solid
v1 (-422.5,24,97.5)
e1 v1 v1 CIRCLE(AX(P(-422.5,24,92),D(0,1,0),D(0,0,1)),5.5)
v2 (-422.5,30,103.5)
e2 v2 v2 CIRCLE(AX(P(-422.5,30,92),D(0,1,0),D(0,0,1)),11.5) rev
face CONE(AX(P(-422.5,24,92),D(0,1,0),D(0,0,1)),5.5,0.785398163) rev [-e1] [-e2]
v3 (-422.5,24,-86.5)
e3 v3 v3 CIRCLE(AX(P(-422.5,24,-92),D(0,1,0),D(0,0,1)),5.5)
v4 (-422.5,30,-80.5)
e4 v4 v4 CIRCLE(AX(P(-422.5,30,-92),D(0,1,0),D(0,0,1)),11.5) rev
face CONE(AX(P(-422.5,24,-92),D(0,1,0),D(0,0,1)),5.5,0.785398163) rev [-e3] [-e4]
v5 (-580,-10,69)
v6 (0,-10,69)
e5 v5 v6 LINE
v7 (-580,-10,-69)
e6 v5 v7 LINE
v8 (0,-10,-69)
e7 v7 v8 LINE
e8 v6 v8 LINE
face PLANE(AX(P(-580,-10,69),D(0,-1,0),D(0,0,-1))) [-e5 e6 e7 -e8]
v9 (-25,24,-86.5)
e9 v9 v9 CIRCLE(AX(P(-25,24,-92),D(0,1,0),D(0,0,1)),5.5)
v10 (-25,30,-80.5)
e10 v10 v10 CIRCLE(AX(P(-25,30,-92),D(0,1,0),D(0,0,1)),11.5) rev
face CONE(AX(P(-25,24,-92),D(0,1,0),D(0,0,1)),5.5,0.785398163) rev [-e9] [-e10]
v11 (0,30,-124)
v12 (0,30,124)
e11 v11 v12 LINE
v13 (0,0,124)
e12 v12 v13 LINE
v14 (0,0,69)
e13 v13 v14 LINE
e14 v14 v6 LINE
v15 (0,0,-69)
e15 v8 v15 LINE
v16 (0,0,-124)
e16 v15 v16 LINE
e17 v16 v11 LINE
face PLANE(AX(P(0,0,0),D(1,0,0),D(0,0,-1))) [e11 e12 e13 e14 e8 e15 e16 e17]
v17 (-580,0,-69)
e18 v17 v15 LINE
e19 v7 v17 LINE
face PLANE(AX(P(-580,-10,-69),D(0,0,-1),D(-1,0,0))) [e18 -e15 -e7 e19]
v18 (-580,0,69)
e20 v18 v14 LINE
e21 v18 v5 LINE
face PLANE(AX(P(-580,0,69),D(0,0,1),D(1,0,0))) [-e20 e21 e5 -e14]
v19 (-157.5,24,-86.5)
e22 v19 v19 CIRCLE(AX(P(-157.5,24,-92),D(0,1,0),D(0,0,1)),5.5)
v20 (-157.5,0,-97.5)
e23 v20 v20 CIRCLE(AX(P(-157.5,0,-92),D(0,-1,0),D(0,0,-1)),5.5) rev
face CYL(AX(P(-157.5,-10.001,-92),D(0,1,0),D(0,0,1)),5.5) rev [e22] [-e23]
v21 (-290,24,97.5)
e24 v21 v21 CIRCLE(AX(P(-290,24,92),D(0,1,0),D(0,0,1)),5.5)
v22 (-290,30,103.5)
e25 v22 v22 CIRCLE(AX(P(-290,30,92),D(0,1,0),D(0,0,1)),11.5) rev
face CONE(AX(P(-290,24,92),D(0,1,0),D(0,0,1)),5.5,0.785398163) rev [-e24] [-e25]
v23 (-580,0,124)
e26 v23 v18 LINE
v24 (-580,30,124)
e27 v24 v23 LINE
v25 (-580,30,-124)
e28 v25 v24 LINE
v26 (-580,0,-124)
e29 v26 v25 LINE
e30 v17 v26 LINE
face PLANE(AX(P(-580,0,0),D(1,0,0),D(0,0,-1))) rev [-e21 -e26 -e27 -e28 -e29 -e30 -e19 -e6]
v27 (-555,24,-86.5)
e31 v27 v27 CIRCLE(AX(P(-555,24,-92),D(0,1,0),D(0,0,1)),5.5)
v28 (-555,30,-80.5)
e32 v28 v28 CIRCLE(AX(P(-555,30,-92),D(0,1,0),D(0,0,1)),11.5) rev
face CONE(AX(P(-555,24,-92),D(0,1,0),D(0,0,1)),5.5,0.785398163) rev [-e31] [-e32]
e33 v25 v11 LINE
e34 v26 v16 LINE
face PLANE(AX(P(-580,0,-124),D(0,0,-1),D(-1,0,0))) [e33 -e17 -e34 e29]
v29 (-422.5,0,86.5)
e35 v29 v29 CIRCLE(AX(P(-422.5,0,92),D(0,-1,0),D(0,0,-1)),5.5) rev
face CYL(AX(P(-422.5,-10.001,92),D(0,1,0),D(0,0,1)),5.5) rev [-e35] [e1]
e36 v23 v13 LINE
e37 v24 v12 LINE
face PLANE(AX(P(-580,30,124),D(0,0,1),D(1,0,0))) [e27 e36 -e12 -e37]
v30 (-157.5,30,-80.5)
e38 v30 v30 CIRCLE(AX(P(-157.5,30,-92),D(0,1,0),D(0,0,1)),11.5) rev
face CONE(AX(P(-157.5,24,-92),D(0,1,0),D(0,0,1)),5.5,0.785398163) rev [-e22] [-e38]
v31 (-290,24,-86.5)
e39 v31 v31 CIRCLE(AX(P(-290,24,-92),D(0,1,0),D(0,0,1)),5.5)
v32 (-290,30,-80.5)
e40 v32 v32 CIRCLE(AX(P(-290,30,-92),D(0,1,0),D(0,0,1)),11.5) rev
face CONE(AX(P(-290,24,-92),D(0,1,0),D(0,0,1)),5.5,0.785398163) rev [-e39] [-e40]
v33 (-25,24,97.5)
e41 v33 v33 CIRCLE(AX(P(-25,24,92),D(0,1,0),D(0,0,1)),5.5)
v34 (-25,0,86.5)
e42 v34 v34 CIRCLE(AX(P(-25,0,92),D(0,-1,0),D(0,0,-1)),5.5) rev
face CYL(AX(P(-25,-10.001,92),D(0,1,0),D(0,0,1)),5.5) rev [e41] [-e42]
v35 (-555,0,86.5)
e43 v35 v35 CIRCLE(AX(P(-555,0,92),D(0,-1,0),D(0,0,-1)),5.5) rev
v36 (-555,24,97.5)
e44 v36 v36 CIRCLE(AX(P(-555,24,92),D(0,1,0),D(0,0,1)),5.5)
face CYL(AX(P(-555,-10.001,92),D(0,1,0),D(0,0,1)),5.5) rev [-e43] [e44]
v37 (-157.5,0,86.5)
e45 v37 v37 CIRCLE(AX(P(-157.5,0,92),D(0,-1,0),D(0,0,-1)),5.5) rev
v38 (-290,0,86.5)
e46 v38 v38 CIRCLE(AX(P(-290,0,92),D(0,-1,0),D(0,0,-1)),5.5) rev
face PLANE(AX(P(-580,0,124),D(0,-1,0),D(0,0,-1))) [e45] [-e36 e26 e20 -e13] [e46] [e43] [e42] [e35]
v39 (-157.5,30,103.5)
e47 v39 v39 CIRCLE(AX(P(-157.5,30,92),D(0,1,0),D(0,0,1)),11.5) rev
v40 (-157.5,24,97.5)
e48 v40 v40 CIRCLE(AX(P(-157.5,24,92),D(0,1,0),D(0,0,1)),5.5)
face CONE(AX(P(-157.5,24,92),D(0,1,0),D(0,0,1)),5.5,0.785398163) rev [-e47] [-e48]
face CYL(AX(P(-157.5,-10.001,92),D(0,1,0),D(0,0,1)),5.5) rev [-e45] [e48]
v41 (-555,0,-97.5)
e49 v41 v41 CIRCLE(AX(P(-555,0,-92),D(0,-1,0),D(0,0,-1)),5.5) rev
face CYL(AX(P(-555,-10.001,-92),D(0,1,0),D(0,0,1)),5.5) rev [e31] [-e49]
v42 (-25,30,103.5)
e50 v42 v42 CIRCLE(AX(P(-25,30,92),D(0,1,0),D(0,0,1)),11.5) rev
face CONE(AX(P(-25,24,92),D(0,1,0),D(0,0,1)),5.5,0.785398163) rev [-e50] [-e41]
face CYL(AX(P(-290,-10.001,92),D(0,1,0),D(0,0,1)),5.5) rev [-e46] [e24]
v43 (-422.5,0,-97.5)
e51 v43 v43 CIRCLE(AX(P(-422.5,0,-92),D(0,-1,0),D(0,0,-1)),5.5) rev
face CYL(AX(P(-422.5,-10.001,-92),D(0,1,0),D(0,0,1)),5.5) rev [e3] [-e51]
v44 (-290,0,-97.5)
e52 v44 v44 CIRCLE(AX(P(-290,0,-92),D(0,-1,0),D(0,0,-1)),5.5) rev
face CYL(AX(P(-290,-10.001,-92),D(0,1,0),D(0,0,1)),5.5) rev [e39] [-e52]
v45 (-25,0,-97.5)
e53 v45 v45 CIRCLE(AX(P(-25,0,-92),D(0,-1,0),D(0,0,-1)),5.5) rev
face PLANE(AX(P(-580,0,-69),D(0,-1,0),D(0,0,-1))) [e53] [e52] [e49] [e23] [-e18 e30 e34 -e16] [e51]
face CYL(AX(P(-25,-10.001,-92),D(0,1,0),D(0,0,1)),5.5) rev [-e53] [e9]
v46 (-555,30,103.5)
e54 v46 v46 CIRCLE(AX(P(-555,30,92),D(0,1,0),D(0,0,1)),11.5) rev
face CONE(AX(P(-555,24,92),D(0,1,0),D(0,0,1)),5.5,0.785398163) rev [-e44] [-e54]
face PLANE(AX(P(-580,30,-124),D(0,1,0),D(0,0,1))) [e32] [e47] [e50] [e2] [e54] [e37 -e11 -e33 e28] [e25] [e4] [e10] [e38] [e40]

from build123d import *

# Parameters (mm, degrees)
SALIENTE_EXTRUIR1_DEPTH = 580
CORTAR_EXTRUIR1_REACH   = 42
CROQUIS3_R              = 5.5
CHAFL_N1_SIZE           = 6


with BuildPart() as part:
    # Croquis2 → Saliente-Extruir1 (new body)
    with BuildSketch(Plane(origin=(0, 0, 0), x_dir=(0, 0, -1), z_dir=(1, 0, 0))):
        Polygon((-69, -10), (69, -10), (69, 0), (124, 0), (124, 30), (-124, 30), (-124, 0), (-69, 0), align=None)
    extrude(amount=-SALIENTE_EXTRUIR1_DEPTH)

    # Croquis3 → Cortar-Extruir1 (cut, up to next)
    with BuildSketch(Plane(origin=(0, 30, 0), x_dir=(1, 0, 0), z_dir=(0, 1, 0)), mode=Mode.PRIVATE) as cortar_extruir1_sk1:
        with Locations((-555, 92)):
            Circle(CROQUIS3_R)
    cortar_extruir1_tool1 = extrude(cortar_extruir1_sk1.sketch, amount=-CORTAR_EXTRUIR1_REACH, mode=Mode.PRIVATE) & part.part
    add(cortar_extruir1_tool1.solids().sort_by_distance((-555, 30, -92))[0], mode=Mode.SUBTRACT)
    # Croquis3 → Cortar-Extruir1 (cut, up to next)
    with BuildSketch(Plane(origin=(0, 30, 0), x_dir=(1, 0, 0), z_dir=(0, 1, 0)), mode=Mode.PRIVATE) as cortar_extruir1_sk2:
        with Locations((-555, -92)):
            Circle(CROQUIS3_R)
    cortar_extruir1_tool2 = extrude(cortar_extruir1_sk2.sketch, amount=-CORTAR_EXTRUIR1_REACH, mode=Mode.PRIVATE) & part.part
    add(cortar_extruir1_tool2.solids().sort_by_distance((-555, 30, 92))[0], mode=Mode.SUBTRACT)
    # Croquis3 → Cortar-Extruir1 (cut, up to next)
    with BuildSketch(Plane(origin=(0, 30, 0), x_dir=(1, 0, 0), z_dir=(0, 1, 0)), mode=Mode.PRIVATE) as cortar_extruir1_sk3:
        with Locations((-422.5, 92)):
            Circle(CROQUIS3_R)
    cortar_extruir1_tool3 = extrude(cortar_extruir1_sk3.sketch, amount=-CORTAR_EXTRUIR1_REACH, mode=Mode.PRIVATE) & part.part
    add(cortar_extruir1_tool3.solids().sort_by_distance((-422.5, 30, -92))[0], mode=Mode.SUBTRACT)
    # Croquis3 → Cortar-Extruir1 (cut, up to next)
    with BuildSketch(Plane(origin=(0, 30, 0), x_dir=(1, 0, 0), z_dir=(0, 1, 0)), mode=Mode.PRIVATE) as cortar_extruir1_sk4:
        with Locations((-422.5, -92)):
            Circle(CROQUIS3_R)
    cortar_extruir1_tool4 = extrude(cortar_extruir1_sk4.sketch, amount=-CORTAR_EXTRUIR1_REACH, mode=Mode.PRIVATE) & part.part
    add(cortar_extruir1_tool4.solids().sort_by_distance((-422.5, 30, 92))[0], mode=Mode.SUBTRACT)
    # Croquis3 → Cortar-Extruir1 (cut, up to next)
    with BuildSketch(Plane(origin=(0, 30, 0), x_dir=(1, 0, 0), z_dir=(0, 1, 0)), mode=Mode.PRIVATE) as cortar_extruir1_sk5:
        with Locations((-290, 92)):
            Circle(CROQUIS3_R)
    cortar_extruir1_tool5 = extrude(cortar_extruir1_sk5.sketch, amount=-CORTAR_EXTRUIR1_REACH, mode=Mode.PRIVATE) & part.part
    add(cortar_extruir1_tool5.solids().sort_by_distance((-290, 30, -92))[0], mode=Mode.SUBTRACT)
    # Croquis3 → Cortar-Extruir1 (cut, up to next)
    with BuildSketch(Plane(origin=(0, 30, 0), x_dir=(1, 0, 0), z_dir=(0, 1, 0)), mode=Mode.PRIVATE) as cortar_extruir1_sk6:
        with Locations((-290, -92)):
            Circle(CROQUIS3_R)
    cortar_extruir1_tool6 = extrude(cortar_extruir1_sk6.sketch, amount=-CORTAR_EXTRUIR1_REACH, mode=Mode.PRIVATE) & part.part
    add(cortar_extruir1_tool6.solids().sort_by_distance((-290, 30, 92))[0], mode=Mode.SUBTRACT)
    # Croquis3 → Cortar-Extruir1 (cut, up to next)
    with BuildSketch(Plane(origin=(0, 30, 0), x_dir=(1, 0, 0), z_dir=(0, 1, 0)), mode=Mode.PRIVATE) as cortar_extruir1_sk7:
        with Locations((-157.5, 92)):
            Circle(CROQUIS3_R)
    cortar_extruir1_tool7 = extrude(cortar_extruir1_sk7.sketch, amount=-CORTAR_EXTRUIR1_REACH, mode=Mode.PRIVATE) & part.part
    add(cortar_extruir1_tool7.solids().sort_by_distance((-157.5, 30, -92))[0], mode=Mode.SUBTRACT)
    # Croquis3 → Cortar-Extruir1 (cut, up to next)
    with BuildSketch(Plane(origin=(0, 30, 0), x_dir=(1, 0, 0), z_dir=(0, 1, 0)), mode=Mode.PRIVATE) as cortar_extruir1_sk8:
        with Locations((-157.5, -92)):
            Circle(CROQUIS3_R)
    cortar_extruir1_tool8 = extrude(cortar_extruir1_sk8.sketch, amount=-CORTAR_EXTRUIR1_REACH, mode=Mode.PRIVATE) & part.part
    add(cortar_extruir1_tool8.solids().sort_by_distance((-157.5, 30, 92))[0], mode=Mode.SUBTRACT)
    # Croquis3 → Cortar-Extruir1 (cut, up to next)
    with BuildSketch(Plane(origin=(0, 30, 0), x_dir=(1, 0, 0), z_dir=(0, 1, 0)), mode=Mode.PRIVATE) as cortar_extruir1_sk9:
        with Locations((-25, 92)):
            Circle(CROQUIS3_R)
    cortar_extruir1_tool9 = extrude(cortar_extruir1_sk9.sketch, amount=-CORTAR_EXTRUIR1_REACH, mode=Mode.PRIVATE) & part.part
    add(cortar_extruir1_tool9.solids().sort_by_distance((-25, 30, -92))[0], mode=Mode.SUBTRACT)
    # Croquis3 → Cortar-Extruir1 (cut, up to next)
    with BuildSketch(Plane(origin=(0, 30, 0), x_dir=(1, 0, 0), z_dir=(0, 1, 0)), mode=Mode.PRIVATE) as cortar_extruir1_sk10:
        with Locations((-25, -92)):
            Circle(CROQUIS3_R)
    cortar_extruir1_tool10 = extrude(cortar_extruir1_sk10.sketch, amount=-CORTAR_EXTRUIR1_REACH, mode=Mode.PRIVATE) & part.part
    add(cortar_extruir1_tool10.solids().sort_by_distance((-25, 30, 92))[0], mode=Mode.SUBTRACT)

    # Chaflán1
    chafl_n1_edges = [part.edges().sort_by_distance(p)[0] for p in [
        (-295.5, 30, 92),
        (-163, 30, -92),
        (-163, 30, 92),
        (-30.5, 30, -92),
        (-560.5, 30, 92),
        (-428, 30, -92),
        (-428, 30, 92),
        (-295.5, 30, -92),
        (-30.5, 30, 92),
        (-560.5, 30, -92),
    ]]
    chamfer(chafl_n1_edges, length=CHAFL_N1_SIZE)


solid = part.part
